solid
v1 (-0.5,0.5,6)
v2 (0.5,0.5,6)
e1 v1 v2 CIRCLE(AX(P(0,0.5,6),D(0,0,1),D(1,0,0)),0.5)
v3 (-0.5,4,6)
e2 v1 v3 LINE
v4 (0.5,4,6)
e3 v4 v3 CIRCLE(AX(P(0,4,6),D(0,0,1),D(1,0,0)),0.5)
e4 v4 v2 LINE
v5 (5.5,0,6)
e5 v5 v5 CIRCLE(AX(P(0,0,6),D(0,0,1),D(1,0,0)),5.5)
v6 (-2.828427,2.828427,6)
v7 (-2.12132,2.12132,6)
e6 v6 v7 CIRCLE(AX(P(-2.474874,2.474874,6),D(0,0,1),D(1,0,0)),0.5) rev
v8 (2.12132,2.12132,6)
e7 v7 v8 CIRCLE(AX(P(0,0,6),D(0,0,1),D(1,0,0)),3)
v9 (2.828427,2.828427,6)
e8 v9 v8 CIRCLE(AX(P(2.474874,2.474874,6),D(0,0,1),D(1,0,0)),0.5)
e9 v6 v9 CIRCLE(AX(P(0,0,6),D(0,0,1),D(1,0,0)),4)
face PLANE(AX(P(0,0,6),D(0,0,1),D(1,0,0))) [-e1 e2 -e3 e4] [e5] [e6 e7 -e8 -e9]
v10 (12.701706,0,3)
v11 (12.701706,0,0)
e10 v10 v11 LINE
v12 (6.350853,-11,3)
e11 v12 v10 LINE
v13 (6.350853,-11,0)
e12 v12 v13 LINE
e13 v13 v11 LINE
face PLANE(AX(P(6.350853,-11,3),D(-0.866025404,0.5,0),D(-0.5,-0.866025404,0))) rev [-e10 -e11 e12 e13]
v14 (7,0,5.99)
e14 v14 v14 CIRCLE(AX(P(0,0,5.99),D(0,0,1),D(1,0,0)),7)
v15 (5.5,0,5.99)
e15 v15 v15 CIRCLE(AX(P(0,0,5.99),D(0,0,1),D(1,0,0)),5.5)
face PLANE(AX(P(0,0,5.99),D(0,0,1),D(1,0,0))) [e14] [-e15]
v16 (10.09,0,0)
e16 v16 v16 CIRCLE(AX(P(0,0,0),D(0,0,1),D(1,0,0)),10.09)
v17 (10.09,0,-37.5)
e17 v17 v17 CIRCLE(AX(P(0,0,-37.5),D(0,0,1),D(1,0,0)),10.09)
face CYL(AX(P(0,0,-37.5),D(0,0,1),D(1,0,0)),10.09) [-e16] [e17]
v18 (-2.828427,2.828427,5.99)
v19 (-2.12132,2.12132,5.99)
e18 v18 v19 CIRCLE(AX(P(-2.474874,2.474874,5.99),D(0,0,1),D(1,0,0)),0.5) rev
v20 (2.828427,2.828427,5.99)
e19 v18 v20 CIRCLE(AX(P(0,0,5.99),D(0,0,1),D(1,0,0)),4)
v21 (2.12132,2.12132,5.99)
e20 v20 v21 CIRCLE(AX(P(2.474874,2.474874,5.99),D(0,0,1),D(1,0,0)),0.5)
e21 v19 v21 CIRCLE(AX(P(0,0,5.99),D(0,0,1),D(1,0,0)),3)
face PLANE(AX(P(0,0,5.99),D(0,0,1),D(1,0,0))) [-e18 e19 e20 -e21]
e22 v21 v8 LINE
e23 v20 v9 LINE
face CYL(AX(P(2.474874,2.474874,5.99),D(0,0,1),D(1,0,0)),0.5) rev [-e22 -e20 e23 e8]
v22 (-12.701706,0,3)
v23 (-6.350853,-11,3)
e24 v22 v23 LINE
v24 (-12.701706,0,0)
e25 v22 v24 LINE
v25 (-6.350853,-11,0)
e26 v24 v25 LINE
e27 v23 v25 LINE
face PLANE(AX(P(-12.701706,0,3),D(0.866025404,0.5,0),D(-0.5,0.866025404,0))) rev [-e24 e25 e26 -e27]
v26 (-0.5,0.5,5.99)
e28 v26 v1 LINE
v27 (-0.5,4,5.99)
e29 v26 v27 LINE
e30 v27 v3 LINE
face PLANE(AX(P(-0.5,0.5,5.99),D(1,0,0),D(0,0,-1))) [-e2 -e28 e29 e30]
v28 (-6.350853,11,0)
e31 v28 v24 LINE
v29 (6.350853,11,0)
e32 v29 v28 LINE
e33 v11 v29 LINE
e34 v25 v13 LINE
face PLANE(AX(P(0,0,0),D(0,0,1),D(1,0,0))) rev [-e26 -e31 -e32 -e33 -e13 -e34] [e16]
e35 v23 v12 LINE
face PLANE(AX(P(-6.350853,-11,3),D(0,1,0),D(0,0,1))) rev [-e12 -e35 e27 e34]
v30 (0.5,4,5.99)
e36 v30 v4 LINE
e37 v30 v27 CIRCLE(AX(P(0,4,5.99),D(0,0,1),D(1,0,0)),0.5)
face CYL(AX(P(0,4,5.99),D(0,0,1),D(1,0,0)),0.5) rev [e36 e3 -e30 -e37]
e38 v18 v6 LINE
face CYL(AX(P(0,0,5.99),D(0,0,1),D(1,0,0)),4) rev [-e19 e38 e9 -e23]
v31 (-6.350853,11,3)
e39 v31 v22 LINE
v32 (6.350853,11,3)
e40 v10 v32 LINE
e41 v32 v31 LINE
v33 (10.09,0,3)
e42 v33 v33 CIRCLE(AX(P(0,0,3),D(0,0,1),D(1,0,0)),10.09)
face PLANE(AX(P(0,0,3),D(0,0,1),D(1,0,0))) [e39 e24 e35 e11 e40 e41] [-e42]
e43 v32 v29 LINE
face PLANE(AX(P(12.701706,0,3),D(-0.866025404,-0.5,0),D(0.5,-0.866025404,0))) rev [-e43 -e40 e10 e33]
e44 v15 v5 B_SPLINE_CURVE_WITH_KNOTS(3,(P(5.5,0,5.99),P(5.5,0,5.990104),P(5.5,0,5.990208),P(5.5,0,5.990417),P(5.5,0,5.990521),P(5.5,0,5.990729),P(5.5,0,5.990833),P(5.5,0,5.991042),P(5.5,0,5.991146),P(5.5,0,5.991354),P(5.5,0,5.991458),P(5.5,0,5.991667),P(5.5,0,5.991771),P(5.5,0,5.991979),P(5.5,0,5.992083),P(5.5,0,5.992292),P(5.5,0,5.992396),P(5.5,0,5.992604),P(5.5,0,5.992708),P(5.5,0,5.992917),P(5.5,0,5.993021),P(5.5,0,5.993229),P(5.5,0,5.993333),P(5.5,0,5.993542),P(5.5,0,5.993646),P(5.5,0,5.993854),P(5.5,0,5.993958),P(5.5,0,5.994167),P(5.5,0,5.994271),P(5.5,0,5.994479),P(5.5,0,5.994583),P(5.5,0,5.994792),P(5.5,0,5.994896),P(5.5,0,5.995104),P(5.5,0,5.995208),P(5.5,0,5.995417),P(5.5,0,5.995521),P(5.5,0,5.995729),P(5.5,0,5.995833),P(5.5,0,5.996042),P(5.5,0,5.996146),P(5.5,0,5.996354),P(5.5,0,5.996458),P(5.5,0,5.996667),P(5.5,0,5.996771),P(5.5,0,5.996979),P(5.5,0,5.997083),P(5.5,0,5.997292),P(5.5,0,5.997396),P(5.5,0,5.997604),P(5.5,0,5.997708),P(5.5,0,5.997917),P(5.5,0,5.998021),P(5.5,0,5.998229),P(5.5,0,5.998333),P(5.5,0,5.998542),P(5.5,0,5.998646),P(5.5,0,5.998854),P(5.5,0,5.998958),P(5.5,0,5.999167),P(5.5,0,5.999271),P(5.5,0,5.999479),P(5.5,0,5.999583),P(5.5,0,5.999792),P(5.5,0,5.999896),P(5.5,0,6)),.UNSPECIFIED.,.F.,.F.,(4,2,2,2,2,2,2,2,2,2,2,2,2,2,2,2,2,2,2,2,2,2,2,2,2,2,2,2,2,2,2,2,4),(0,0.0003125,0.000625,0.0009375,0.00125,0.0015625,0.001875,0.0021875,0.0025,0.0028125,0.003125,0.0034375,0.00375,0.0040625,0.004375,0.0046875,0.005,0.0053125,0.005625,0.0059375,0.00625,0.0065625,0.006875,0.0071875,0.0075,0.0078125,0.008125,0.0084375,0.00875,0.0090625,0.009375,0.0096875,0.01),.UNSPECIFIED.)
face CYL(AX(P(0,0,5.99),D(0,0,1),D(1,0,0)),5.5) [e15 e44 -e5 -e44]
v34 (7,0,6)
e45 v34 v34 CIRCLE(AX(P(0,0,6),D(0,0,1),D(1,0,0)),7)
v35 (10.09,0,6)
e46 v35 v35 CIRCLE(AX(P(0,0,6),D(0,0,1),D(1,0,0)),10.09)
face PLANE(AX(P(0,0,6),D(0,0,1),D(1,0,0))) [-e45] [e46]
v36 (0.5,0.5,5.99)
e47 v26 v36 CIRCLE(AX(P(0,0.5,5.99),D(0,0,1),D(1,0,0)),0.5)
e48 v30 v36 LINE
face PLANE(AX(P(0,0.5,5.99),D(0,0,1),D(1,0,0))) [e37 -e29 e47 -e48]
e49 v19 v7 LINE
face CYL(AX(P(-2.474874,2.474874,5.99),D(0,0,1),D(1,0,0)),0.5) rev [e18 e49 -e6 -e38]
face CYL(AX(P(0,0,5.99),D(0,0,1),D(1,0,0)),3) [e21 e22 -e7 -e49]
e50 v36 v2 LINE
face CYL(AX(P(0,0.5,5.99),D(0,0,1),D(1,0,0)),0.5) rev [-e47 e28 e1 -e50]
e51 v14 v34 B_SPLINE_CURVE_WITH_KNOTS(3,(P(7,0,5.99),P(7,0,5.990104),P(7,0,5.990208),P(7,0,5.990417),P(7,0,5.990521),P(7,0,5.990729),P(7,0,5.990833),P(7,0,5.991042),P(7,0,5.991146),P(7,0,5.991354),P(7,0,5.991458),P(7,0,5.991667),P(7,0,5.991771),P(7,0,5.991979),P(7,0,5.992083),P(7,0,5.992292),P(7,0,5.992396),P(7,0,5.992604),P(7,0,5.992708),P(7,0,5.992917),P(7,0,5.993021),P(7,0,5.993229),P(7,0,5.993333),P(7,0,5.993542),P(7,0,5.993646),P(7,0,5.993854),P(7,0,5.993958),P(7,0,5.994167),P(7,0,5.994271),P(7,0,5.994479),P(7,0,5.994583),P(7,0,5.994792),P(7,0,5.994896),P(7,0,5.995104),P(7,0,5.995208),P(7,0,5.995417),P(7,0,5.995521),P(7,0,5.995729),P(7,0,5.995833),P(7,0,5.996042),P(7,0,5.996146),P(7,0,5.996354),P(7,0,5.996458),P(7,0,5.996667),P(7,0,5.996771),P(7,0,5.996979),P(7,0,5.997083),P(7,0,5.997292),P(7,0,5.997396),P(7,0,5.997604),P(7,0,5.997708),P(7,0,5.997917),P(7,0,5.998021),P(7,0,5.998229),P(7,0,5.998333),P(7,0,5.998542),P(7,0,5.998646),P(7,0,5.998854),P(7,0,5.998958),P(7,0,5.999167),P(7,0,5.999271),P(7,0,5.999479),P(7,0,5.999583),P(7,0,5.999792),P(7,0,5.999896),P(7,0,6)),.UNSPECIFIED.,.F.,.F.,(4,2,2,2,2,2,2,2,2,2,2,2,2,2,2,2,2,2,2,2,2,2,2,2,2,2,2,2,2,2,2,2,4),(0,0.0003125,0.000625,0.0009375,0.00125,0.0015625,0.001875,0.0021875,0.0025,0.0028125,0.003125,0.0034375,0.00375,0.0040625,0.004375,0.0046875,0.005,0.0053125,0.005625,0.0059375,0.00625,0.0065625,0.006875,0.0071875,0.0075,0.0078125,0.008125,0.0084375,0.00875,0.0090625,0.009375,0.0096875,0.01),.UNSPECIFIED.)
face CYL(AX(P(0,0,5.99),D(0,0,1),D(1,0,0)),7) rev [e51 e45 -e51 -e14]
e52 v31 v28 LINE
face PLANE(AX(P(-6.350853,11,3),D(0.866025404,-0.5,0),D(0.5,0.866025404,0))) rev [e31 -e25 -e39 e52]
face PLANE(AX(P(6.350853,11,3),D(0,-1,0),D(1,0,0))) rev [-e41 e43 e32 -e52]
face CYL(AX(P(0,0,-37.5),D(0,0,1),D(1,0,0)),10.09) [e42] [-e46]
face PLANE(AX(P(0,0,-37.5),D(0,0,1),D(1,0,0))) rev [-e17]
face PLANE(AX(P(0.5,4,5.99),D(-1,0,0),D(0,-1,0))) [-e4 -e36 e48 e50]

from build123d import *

# Parameters (mm, degrees)
EXTRUDE_1_DEPTH      = 3
EXTRUDE_2_DEPTH      = 3
EXTRUDE_2_DEPTH_BACK = 40.5
SKETCH_3_R           = 10.09
SKETCH_5_R           = 7
SKETCH_5_R_2         = 5.5
CUT_EXTRUDE_1_DEPTH  = 0.01


with BuildPart() as part:
    # 草图1 → 凸台-拉伸1 (new body)
    with BuildSketch(Plane.XY):
        Polygon((12.701705922, 0), (6.350852961, 11), (-6.350852961, 11), (-12.701705922, 0), (-6.350852961, -11), (6.350852961, -11), align=None)
    extrude(amount=EXTRUDE_1_DEPTH)

    # 草图3 → 凸台-拉伸2 (add, two sides: drawn at the far end of the back side and taken through both)
    with BuildSketch(Plane.XY.offset(3).offset(-EXTRUDE_2_DEPTH_BACK)):
        Circle(SKETCH_3_R)
    extrude(amount=EXTRUDE_2_DEPTH + EXTRUDE_2_DEPTH_BACK)

    # 草图5 → 切除-拉伸1 (cut)
    # profile 1 of 3: a face of its own
    with BuildSketch(Plane.XY.offset(6)):
        Circle(SKETCH_5_R)
        Circle(SKETCH_5_R_2, mode=Mode.SUBTRACT)
    # profile 2 of 3: a face of its own
    with BuildSketch(Plane.XY.offset(6)):
        with BuildLine():
            ThreePointArc((-2.828427125, 2.828427125), (-2.121320344, 2.828427125), (-2.121320344, 2.121320344))
            ThreePointArc((-2.121320344, 2.121320344), (0, -3), (2.121320344, 2.121320344))
            ThreePointArc((2.121320344, 2.121320344), (2.121320344, 2.828427125), (2.828427125, 2.828427125))
            ThreePointArc((2.828427125, 2.828427125), (0, -4), (-2.828427125, 2.828427125))
        make_face()
    # profile 3 of 3: a face of its own
    with BuildSketch(Plane.XY.offset(6)):
        with BuildLine():
            Line((-0.5, 0.5), (-0.5, 4))
            ThreePointArc((-0.5, 4), (0, 4.5), (0.5, 4))
            Line((0.5, 4), (0.5, 0.5))
            ThreePointArc((0.5, 0.5), (0, 0), (-0.5, 0.5))
        make_face()
    extrude(amount=-CUT_EXTRUDE_1_DEPTH, mode=Mode.SUBTRACT)


solid = part.part
